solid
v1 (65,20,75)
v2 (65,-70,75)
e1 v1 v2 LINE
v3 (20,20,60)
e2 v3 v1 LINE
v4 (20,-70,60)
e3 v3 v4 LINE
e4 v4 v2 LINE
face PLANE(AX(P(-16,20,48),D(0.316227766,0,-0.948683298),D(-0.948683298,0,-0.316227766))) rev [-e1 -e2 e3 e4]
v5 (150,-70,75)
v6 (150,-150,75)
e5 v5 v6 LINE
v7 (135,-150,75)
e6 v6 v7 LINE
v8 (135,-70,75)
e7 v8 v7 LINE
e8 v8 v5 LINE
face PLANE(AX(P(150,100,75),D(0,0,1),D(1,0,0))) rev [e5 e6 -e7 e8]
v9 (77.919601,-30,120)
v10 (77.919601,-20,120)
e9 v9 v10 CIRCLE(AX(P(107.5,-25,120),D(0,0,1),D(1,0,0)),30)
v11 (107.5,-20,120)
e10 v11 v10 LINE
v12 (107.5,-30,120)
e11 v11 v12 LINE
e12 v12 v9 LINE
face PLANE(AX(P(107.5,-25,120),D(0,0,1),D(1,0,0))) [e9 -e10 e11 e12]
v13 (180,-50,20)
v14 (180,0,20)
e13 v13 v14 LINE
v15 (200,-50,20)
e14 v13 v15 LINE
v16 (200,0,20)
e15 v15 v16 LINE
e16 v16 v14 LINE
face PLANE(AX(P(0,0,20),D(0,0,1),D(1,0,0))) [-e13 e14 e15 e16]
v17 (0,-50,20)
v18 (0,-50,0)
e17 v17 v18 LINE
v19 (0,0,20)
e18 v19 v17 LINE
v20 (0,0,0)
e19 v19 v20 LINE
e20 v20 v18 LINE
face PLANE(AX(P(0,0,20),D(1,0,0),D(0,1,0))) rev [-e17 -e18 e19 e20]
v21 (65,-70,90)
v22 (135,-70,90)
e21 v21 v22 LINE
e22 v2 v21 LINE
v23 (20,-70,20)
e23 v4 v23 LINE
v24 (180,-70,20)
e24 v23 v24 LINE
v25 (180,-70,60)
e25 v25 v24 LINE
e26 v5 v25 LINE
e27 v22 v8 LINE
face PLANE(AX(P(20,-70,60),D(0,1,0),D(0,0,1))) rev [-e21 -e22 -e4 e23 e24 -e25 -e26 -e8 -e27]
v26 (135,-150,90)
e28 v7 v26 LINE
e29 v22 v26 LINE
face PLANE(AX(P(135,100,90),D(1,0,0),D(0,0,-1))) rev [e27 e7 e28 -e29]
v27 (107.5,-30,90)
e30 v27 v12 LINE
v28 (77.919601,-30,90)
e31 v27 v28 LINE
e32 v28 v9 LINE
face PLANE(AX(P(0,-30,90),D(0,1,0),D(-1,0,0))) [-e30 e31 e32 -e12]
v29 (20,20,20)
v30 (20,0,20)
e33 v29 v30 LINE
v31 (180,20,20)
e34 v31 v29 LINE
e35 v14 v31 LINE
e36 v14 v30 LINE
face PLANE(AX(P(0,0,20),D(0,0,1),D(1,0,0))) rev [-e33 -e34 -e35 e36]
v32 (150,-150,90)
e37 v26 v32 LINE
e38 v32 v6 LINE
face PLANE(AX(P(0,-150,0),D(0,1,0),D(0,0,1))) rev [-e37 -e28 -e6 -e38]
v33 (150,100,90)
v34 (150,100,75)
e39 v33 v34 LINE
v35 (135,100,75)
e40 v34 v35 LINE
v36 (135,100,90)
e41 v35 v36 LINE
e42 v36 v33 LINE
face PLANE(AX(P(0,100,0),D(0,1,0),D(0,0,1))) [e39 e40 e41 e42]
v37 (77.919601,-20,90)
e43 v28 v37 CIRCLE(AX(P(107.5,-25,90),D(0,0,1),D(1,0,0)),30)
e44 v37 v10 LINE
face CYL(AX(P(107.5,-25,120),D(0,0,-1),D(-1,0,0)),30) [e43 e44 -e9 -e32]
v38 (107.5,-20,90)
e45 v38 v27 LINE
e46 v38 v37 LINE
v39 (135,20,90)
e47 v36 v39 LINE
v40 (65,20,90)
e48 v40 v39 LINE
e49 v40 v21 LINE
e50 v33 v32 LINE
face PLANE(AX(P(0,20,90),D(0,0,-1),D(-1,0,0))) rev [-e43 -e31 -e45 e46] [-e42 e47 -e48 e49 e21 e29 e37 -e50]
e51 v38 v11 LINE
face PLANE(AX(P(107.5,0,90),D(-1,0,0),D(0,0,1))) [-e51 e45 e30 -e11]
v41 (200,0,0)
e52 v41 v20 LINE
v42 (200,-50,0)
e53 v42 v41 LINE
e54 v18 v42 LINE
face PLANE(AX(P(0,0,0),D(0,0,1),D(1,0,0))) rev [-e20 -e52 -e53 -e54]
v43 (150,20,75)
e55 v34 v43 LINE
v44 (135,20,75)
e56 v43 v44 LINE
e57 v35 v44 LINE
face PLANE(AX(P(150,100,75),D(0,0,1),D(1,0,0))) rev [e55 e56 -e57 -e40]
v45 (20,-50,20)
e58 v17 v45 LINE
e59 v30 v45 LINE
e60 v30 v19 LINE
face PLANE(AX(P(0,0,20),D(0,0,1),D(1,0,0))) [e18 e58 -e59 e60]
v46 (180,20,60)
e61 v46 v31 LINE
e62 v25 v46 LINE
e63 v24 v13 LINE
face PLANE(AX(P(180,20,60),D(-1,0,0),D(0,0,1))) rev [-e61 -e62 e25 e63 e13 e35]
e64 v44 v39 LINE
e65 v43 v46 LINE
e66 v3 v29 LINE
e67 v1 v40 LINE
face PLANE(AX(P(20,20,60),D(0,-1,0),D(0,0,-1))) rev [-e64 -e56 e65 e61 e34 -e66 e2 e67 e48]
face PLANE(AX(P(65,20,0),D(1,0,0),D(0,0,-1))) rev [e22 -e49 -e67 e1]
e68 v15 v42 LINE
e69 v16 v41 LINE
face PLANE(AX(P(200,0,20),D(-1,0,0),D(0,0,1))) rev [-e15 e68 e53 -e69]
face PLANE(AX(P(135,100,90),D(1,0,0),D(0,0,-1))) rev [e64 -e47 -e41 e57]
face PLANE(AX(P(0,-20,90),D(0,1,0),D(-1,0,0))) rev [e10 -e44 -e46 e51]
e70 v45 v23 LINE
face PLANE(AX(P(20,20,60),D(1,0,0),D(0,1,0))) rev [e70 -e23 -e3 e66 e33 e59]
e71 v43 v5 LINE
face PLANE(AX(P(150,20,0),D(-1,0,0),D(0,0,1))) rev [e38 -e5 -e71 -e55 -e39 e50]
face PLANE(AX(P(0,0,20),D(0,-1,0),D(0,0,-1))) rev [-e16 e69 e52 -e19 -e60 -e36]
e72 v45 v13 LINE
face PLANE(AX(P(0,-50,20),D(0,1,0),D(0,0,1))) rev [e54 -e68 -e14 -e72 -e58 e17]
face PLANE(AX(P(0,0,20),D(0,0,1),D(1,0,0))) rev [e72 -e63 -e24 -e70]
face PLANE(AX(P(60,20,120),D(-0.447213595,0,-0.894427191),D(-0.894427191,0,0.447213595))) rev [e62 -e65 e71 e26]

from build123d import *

# Parameters (mm, degrees)
SKETCH_1_W          = 200
SKETCH_1_H          = 50
EXTRUDE_1_DEPTH     = 20
SKETCH_2_W          = 160
SKETCH_2_H          = 90
EXTRUDE_2_DEPTH     = 40
SKETCH_3_W          = 15
SKETCH_3_H          = 15
EXTRUDE_3_DEPTH     = 90
EXTRUDE_START       = -45
SKETCH_5_W          = 15
SKETCH_5_H          = 15
EXTRUDE_4_DEPTH     = 125
SKETCH_6_R          = 30
EXTRUDE_5_DEPTH     = 30
SKETCH_7_W          = 30
SKETCH_7_H          = 5
CUT_EXTRUDE_2_DEPTH = 30


with BuildPart() as part:
    # Эскиз1 → Бобышка-Вытянуть1 (new body)
    with BuildSketch(Plane.XY):
        with Locations((100, -25)):
            Rectangle(SKETCH_1_W, SKETCH_1_H)
    extrude(amount=EXTRUDE_1_DEPTH)

    # Эскиз2 → Бобышка-Вытянуть2 (add)
    with BuildSketch(Plane.XY.offset(20)):
        with Locations((100, -25)):
            Rectangle(SKETCH_2_W, SKETCH_2_H)
    extrude(amount=EXTRUDE_2_DEPTH)

    # Эскиз3 → Бобышка-Вытянуть3 (add)
    with BuildSketch(Plane.XZ.offset(70)):
        Polygon((65, 90), (65, 75), (65, 60), (135, 60), (135, 75), (135, 90), align=None)
        with Locations((142.5, 82.5)):
            Rectangle(SKETCH_3_W, SKETCH_3_H)
        Polygon((135, 75), (135, 60), (180, 60), (150, 75), align=None)
        Polygon((65, 75), (20, 60), (65, 60), align=None)
    extrude(amount=-EXTRUDE_3_DEPTH)

    # Эскиз5 → Бобышка-Вытянуть4 (add, symmetric)
    with BuildSketch(Plane(origin=(0, 20, 0), x_dir=(1, 0, 0), z_dir=(0, 1, 0)).offset(EXTRUDE_START)):
        with Locations((142.5, -82.5)):
            Rectangle(SKETCH_5_W, SKETCH_5_H)
    extrude(amount=EXTRUDE_4_DEPTH, both=True)

    # Эскиз6 → Бобышка-Вытянуть5 (add)
    with BuildSketch(Plane.XY.offset(90)):
        with Locations((107.5, -25)):
            Circle(SKETCH_6_R)
    extrude(amount=EXTRUDE_5_DEPTH)

    # Эскиз7 → Вырез-Вытянуть2 (cut)
    with BuildSketch(Plane.XY.offset(120)):
        with Locations((92.5, -27.5)):
            Rectangle(SKETCH_7_W, SKETCH_7_H)
        with Locations((92.5, -22.5)):
            Rectangle(SKETCH_7_W, SKETCH_7_H)
    extrude(amount=-CUT_EXTRUDE_2_DEPTH, mode=Mode.SUBTRACT)


solid = part.part
